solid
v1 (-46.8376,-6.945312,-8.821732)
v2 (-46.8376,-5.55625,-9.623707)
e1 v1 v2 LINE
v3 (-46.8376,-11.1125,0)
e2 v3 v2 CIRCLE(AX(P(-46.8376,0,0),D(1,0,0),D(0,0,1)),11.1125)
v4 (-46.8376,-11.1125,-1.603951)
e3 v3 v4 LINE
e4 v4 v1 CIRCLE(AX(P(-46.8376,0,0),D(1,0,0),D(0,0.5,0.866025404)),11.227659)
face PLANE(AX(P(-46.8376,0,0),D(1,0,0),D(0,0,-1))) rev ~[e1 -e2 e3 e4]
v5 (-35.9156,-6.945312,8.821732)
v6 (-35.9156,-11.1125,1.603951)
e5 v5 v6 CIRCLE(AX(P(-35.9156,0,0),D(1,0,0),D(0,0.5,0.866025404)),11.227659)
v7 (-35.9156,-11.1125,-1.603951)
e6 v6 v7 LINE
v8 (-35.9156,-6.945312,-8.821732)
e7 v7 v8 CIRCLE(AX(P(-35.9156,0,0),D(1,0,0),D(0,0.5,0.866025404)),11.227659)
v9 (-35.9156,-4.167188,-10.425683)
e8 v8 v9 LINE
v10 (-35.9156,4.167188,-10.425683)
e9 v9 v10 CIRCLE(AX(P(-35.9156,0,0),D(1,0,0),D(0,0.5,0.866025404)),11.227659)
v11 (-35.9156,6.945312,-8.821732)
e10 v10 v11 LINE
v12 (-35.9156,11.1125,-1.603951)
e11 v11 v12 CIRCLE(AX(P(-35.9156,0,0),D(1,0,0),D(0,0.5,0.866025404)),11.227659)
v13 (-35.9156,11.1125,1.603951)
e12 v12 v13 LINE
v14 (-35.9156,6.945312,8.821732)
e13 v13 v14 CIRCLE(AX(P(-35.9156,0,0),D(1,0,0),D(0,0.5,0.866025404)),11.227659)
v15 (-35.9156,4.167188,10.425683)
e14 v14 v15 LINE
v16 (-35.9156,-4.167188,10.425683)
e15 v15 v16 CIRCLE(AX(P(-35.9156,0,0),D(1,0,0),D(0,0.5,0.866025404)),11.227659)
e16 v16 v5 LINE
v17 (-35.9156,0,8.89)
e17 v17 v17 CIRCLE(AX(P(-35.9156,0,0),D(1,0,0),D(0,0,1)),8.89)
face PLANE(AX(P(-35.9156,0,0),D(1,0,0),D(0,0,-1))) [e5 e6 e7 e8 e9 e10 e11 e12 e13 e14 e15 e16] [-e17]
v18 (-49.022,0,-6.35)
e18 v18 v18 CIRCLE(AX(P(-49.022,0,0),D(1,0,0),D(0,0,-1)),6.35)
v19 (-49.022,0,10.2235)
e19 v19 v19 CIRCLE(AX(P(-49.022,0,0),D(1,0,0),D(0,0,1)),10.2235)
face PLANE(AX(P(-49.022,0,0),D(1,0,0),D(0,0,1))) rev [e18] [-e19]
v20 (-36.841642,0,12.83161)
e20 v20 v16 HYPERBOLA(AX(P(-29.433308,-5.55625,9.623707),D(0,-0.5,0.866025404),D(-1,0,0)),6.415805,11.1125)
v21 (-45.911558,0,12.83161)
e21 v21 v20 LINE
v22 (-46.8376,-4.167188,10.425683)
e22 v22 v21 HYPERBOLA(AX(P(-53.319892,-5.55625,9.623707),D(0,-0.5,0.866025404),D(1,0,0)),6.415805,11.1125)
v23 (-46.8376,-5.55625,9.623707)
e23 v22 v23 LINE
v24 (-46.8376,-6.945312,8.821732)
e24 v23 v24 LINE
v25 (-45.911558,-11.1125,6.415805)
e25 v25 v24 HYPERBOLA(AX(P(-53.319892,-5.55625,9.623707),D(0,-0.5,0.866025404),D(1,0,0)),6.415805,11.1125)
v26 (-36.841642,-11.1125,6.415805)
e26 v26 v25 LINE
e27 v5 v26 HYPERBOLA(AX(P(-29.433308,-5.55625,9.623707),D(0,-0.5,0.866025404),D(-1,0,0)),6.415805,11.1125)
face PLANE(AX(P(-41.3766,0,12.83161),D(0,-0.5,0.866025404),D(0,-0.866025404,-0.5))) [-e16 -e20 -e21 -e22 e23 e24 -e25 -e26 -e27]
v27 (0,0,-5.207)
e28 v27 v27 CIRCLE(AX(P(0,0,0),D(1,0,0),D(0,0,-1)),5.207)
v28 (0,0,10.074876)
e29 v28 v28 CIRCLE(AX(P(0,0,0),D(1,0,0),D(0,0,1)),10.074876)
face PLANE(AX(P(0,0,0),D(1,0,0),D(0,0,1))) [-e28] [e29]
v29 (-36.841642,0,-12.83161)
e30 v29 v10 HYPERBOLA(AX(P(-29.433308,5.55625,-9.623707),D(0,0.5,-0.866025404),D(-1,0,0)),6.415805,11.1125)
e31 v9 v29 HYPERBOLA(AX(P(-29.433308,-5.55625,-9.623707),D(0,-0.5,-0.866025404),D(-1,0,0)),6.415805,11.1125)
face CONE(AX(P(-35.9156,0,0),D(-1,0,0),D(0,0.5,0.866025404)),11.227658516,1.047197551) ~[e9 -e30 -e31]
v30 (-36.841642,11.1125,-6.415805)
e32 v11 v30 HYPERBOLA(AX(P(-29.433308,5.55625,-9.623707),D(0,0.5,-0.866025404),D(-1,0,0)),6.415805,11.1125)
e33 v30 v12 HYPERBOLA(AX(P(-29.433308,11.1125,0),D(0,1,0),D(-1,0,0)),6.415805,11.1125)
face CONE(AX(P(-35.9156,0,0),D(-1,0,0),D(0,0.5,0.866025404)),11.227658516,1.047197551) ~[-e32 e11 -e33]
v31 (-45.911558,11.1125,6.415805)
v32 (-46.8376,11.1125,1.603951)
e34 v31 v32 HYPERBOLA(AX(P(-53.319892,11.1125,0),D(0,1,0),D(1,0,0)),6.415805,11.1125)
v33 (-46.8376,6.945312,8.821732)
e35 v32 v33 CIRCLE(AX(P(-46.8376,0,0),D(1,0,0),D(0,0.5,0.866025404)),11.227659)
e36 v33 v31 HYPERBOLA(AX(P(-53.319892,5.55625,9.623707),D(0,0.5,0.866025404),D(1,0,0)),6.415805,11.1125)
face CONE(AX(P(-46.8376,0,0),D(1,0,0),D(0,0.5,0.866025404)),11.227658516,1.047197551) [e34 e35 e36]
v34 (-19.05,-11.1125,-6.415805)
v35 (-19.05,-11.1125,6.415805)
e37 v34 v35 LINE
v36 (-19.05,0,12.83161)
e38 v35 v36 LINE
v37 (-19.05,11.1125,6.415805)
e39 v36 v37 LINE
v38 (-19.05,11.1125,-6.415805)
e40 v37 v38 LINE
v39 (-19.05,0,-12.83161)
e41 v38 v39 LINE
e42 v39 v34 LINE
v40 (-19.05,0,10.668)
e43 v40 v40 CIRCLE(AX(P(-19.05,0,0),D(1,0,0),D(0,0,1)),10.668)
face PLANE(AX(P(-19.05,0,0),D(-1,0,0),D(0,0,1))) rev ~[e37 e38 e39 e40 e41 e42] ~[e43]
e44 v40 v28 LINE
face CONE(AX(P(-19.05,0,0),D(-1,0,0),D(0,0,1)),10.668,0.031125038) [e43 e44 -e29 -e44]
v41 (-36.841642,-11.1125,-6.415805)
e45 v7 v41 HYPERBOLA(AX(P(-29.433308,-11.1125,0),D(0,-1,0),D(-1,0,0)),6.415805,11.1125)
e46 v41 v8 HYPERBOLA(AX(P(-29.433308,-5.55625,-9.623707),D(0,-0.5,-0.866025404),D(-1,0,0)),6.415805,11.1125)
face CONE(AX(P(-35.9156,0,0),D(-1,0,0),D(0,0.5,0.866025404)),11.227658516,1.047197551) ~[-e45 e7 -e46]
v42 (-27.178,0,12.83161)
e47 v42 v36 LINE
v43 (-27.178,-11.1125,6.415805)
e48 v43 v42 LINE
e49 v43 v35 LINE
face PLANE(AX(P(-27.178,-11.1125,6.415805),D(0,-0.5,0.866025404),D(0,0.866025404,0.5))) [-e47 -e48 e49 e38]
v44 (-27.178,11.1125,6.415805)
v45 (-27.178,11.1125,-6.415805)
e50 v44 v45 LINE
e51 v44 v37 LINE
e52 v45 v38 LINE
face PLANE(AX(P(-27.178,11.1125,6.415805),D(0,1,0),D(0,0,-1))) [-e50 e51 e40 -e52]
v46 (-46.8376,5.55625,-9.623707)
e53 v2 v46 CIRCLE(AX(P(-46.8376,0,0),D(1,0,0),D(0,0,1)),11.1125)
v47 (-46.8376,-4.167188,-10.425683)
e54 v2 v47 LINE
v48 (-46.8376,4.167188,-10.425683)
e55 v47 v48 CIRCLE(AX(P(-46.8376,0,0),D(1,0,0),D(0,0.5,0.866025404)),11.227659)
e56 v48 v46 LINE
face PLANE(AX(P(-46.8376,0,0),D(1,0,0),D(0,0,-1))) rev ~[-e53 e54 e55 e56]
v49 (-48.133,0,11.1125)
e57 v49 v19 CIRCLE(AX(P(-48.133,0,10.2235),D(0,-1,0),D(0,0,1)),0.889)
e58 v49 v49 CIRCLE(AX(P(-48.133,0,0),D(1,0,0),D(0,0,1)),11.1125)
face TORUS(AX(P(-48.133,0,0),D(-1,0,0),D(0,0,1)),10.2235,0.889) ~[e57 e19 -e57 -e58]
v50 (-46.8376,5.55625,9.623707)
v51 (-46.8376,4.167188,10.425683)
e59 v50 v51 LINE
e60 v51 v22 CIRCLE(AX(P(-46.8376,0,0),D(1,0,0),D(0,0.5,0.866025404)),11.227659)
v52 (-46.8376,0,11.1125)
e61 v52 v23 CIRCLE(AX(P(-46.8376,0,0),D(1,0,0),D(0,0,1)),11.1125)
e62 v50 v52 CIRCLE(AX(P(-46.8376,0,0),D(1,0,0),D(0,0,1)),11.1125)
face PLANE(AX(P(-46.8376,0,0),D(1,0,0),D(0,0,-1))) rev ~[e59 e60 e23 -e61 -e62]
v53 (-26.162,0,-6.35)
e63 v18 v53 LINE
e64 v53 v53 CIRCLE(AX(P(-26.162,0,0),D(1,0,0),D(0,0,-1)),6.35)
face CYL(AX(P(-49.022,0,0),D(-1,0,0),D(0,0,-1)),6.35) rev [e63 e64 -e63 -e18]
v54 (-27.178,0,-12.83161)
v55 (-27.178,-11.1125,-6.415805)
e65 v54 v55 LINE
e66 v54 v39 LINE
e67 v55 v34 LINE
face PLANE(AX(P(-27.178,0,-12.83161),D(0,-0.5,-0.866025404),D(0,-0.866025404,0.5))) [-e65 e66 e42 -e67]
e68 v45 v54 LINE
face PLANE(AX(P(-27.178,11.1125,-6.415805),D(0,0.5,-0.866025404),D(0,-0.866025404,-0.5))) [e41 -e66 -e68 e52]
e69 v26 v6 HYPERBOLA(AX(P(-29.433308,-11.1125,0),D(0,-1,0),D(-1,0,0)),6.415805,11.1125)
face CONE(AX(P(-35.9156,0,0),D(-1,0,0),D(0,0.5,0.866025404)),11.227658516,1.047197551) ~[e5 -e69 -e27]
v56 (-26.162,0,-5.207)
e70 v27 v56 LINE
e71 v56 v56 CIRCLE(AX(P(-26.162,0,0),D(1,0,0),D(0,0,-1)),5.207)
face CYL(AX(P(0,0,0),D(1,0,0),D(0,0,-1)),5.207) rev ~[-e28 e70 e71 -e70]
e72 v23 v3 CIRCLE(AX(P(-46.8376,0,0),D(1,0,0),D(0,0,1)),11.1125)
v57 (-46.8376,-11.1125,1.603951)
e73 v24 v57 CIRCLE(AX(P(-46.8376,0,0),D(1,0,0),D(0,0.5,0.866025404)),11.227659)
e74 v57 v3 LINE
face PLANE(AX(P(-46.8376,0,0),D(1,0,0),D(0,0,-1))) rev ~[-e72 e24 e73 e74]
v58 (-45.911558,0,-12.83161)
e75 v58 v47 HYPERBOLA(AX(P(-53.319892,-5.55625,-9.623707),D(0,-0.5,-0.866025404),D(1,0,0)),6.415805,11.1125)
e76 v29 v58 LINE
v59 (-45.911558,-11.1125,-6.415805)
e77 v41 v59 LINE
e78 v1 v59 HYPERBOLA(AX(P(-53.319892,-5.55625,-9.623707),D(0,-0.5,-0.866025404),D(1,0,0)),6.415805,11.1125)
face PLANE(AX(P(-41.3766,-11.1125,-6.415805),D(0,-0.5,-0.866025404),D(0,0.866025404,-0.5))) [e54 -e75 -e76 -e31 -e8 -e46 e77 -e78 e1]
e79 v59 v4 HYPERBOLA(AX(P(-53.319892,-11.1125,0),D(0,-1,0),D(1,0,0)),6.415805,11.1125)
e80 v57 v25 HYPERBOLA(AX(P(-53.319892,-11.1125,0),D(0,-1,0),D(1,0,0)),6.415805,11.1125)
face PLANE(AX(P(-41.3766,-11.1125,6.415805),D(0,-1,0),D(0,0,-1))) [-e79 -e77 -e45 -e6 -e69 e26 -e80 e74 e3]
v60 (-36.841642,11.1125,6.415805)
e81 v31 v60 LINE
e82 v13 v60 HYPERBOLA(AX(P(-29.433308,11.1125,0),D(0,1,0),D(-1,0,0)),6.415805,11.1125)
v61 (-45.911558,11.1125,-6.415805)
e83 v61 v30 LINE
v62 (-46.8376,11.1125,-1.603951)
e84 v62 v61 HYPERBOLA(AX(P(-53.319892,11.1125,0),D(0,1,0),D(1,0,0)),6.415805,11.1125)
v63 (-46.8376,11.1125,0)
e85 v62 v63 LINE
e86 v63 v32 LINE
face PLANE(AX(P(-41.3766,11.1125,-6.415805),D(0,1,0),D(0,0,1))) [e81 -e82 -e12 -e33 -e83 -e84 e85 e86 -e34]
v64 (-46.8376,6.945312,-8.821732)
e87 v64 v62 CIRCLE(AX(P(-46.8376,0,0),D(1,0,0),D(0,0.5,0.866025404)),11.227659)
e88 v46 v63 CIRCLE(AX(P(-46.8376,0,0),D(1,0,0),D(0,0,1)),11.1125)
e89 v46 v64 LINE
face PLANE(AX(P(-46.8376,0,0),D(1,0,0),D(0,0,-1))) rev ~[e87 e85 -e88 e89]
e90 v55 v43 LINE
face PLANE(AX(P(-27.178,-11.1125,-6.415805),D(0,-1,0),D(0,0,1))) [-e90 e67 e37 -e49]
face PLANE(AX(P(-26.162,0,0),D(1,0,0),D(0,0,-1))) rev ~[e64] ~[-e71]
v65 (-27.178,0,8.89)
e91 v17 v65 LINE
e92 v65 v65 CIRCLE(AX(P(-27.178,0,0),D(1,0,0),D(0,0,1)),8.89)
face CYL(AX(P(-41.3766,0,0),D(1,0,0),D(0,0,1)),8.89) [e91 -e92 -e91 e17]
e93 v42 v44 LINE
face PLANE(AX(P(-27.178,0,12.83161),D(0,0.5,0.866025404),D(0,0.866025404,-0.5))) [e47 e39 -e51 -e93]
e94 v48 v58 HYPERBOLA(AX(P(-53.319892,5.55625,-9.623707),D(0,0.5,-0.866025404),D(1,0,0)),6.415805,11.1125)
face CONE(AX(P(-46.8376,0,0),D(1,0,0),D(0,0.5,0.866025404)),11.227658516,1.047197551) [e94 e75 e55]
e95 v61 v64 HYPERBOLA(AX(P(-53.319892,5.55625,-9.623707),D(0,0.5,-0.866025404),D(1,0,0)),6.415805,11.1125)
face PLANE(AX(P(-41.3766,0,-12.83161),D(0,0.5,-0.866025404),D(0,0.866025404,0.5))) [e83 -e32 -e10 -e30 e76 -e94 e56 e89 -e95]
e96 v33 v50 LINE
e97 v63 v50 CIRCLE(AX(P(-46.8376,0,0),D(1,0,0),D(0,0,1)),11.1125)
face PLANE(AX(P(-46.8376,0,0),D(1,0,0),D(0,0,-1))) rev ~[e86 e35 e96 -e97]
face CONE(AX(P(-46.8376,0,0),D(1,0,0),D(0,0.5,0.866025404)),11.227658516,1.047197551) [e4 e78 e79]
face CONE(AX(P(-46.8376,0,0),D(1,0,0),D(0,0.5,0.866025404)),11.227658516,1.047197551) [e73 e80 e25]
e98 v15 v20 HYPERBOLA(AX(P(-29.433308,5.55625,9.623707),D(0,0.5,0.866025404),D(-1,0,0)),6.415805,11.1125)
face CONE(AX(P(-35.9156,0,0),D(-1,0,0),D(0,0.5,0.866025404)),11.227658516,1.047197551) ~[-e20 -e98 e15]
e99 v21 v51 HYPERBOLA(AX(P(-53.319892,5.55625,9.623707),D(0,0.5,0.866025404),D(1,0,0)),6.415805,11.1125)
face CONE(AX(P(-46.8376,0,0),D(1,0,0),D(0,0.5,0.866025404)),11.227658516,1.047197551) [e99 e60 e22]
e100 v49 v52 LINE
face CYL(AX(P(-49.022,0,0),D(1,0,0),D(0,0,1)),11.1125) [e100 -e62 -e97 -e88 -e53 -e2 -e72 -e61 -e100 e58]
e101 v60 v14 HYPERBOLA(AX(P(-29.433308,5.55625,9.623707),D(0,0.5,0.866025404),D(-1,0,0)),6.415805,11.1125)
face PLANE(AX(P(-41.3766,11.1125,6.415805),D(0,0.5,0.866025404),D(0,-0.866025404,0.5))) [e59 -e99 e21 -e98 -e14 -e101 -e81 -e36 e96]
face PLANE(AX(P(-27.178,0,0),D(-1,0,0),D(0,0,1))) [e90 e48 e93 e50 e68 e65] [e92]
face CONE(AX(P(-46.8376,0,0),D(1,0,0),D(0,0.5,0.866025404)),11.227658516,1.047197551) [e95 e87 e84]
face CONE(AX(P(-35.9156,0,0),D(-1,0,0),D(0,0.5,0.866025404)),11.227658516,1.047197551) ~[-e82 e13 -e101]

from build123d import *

# Parameters (mm, degrees)
HEX1_DEPTH         = 5.461
HEX2_DEPTH         = 8.128
BODYFILLET_R       = 0.889
DSCH_R             = 6.35
CUT_EXTRUDED_DEPTH = 22.86
SKETCH_E_R         = 5.207
CUT_EXTRUDEE_DEPTH = 26.162


with BuildPart() as part:
    # BodySch → Body (revolve)
    with BuildSketch(Plane.XY, mode=Mode.PRIVATE) as body_sk:
        Polygon((-49.022, 0), (-49.022, 11.1125), (-41.3766, 11.1125), (-41.3766, 8.89), (-27.178, 8.89), (-27.178, 10.668), (-19.05, 10.668), (0, 10.074876486), (0, 0), align=None)
    revolve(body_sk.sketch.rotate(Axis((-103.68469285, 0, 0), (1, 0, 0)), 90), axis=Axis((-103.68469285, 0, 0), (1, 0, 0)))

    # Hex1Sch_G → Hex1 (add, symmetric)
    with BuildSketch(Plane(origin=(-41.3766, 0, 0), x_dir=(0, 0, -1), z_dir=(1, 0, 0))):
        Polygon((12.831609733, 0), (6.415804866, 11.1125), (-6.415804866, 11.1125), (-12.831609733, 0), (-6.415804866, -11.1125), (6.415804866, -11.1125), align=None)
    extrude(amount=HEX1_DEPTH, both=True)

    # Hex2Sch_F → Hex2 (add)
    with BuildSketch(Plane.ZY.offset(27.178)):
        Polygon((12.831609733, 0), (6.415804866, 11.1125), (-6.415804866, 11.1125), (-12.831609733, 0), (-6.415804866, -11.1125), (6.415804866, -11.1125), align=None)
    extrude(amount=-HEX2_DEPTH)

    # BodyFillet
    bodyfillet_edges = [part.edges().sort_by_distance(p)[0] for p in [
        (-49.022, 0, -11.1125),
    ]]
    fillet(bodyfillet_edges, radius=BODYFILLET_R)

    # HexfilletSch → Hexfillet (revolve, cut)
    with BuildSketch(Plane(origin=(0, 0, 0), x_dir=(1, 0, 0), z_dir=(0, 1, 0)), mode=Mode.PRIVATE) as hexfillet_sk:
        Polygon((-46.8376, 11.227658516), (-45.911558333, 12.831609733), (-46.8376, 12.831609733), align=None)
        Polygon((-35.9156, 11.227658516), (-36.841641667, 12.831609733), (-35.9156, 12.831609733), align=None)
    revolve(hexfillet_sk.sketch.rotate(Axis((-41.994761709, 0, 0), (1, 0, 0)), 150), axis=Axis((-41.994761709, 0, 0), (1, 0, 0)), mode=Mode.SUBTRACT)

    # DSch → Cut-ExtrudeD (cut)
    with BuildSketch(Plane(origin=(-49.022, 0, 0), x_dir=(0, 0, -1), z_dir=(1, 0, 0))):
        Circle(DSCH_R)
    extrude(amount=CUT_EXTRUDED_DEPTH, mode=Mode.SUBTRACT)

    # Sketch E → Cut-ExtrudeE (cut)
    with BuildSketch(Plane(origin=(0, 0, 0), x_dir=(0, 0, -1), z_dir=(1, 0, 0))):
        Circle(SKETCH_E_R)
    extrude(amount=-CUT_EXTRUDEE_DEPTH, mode=Mode.SUBTRACT)


solid = part.part
